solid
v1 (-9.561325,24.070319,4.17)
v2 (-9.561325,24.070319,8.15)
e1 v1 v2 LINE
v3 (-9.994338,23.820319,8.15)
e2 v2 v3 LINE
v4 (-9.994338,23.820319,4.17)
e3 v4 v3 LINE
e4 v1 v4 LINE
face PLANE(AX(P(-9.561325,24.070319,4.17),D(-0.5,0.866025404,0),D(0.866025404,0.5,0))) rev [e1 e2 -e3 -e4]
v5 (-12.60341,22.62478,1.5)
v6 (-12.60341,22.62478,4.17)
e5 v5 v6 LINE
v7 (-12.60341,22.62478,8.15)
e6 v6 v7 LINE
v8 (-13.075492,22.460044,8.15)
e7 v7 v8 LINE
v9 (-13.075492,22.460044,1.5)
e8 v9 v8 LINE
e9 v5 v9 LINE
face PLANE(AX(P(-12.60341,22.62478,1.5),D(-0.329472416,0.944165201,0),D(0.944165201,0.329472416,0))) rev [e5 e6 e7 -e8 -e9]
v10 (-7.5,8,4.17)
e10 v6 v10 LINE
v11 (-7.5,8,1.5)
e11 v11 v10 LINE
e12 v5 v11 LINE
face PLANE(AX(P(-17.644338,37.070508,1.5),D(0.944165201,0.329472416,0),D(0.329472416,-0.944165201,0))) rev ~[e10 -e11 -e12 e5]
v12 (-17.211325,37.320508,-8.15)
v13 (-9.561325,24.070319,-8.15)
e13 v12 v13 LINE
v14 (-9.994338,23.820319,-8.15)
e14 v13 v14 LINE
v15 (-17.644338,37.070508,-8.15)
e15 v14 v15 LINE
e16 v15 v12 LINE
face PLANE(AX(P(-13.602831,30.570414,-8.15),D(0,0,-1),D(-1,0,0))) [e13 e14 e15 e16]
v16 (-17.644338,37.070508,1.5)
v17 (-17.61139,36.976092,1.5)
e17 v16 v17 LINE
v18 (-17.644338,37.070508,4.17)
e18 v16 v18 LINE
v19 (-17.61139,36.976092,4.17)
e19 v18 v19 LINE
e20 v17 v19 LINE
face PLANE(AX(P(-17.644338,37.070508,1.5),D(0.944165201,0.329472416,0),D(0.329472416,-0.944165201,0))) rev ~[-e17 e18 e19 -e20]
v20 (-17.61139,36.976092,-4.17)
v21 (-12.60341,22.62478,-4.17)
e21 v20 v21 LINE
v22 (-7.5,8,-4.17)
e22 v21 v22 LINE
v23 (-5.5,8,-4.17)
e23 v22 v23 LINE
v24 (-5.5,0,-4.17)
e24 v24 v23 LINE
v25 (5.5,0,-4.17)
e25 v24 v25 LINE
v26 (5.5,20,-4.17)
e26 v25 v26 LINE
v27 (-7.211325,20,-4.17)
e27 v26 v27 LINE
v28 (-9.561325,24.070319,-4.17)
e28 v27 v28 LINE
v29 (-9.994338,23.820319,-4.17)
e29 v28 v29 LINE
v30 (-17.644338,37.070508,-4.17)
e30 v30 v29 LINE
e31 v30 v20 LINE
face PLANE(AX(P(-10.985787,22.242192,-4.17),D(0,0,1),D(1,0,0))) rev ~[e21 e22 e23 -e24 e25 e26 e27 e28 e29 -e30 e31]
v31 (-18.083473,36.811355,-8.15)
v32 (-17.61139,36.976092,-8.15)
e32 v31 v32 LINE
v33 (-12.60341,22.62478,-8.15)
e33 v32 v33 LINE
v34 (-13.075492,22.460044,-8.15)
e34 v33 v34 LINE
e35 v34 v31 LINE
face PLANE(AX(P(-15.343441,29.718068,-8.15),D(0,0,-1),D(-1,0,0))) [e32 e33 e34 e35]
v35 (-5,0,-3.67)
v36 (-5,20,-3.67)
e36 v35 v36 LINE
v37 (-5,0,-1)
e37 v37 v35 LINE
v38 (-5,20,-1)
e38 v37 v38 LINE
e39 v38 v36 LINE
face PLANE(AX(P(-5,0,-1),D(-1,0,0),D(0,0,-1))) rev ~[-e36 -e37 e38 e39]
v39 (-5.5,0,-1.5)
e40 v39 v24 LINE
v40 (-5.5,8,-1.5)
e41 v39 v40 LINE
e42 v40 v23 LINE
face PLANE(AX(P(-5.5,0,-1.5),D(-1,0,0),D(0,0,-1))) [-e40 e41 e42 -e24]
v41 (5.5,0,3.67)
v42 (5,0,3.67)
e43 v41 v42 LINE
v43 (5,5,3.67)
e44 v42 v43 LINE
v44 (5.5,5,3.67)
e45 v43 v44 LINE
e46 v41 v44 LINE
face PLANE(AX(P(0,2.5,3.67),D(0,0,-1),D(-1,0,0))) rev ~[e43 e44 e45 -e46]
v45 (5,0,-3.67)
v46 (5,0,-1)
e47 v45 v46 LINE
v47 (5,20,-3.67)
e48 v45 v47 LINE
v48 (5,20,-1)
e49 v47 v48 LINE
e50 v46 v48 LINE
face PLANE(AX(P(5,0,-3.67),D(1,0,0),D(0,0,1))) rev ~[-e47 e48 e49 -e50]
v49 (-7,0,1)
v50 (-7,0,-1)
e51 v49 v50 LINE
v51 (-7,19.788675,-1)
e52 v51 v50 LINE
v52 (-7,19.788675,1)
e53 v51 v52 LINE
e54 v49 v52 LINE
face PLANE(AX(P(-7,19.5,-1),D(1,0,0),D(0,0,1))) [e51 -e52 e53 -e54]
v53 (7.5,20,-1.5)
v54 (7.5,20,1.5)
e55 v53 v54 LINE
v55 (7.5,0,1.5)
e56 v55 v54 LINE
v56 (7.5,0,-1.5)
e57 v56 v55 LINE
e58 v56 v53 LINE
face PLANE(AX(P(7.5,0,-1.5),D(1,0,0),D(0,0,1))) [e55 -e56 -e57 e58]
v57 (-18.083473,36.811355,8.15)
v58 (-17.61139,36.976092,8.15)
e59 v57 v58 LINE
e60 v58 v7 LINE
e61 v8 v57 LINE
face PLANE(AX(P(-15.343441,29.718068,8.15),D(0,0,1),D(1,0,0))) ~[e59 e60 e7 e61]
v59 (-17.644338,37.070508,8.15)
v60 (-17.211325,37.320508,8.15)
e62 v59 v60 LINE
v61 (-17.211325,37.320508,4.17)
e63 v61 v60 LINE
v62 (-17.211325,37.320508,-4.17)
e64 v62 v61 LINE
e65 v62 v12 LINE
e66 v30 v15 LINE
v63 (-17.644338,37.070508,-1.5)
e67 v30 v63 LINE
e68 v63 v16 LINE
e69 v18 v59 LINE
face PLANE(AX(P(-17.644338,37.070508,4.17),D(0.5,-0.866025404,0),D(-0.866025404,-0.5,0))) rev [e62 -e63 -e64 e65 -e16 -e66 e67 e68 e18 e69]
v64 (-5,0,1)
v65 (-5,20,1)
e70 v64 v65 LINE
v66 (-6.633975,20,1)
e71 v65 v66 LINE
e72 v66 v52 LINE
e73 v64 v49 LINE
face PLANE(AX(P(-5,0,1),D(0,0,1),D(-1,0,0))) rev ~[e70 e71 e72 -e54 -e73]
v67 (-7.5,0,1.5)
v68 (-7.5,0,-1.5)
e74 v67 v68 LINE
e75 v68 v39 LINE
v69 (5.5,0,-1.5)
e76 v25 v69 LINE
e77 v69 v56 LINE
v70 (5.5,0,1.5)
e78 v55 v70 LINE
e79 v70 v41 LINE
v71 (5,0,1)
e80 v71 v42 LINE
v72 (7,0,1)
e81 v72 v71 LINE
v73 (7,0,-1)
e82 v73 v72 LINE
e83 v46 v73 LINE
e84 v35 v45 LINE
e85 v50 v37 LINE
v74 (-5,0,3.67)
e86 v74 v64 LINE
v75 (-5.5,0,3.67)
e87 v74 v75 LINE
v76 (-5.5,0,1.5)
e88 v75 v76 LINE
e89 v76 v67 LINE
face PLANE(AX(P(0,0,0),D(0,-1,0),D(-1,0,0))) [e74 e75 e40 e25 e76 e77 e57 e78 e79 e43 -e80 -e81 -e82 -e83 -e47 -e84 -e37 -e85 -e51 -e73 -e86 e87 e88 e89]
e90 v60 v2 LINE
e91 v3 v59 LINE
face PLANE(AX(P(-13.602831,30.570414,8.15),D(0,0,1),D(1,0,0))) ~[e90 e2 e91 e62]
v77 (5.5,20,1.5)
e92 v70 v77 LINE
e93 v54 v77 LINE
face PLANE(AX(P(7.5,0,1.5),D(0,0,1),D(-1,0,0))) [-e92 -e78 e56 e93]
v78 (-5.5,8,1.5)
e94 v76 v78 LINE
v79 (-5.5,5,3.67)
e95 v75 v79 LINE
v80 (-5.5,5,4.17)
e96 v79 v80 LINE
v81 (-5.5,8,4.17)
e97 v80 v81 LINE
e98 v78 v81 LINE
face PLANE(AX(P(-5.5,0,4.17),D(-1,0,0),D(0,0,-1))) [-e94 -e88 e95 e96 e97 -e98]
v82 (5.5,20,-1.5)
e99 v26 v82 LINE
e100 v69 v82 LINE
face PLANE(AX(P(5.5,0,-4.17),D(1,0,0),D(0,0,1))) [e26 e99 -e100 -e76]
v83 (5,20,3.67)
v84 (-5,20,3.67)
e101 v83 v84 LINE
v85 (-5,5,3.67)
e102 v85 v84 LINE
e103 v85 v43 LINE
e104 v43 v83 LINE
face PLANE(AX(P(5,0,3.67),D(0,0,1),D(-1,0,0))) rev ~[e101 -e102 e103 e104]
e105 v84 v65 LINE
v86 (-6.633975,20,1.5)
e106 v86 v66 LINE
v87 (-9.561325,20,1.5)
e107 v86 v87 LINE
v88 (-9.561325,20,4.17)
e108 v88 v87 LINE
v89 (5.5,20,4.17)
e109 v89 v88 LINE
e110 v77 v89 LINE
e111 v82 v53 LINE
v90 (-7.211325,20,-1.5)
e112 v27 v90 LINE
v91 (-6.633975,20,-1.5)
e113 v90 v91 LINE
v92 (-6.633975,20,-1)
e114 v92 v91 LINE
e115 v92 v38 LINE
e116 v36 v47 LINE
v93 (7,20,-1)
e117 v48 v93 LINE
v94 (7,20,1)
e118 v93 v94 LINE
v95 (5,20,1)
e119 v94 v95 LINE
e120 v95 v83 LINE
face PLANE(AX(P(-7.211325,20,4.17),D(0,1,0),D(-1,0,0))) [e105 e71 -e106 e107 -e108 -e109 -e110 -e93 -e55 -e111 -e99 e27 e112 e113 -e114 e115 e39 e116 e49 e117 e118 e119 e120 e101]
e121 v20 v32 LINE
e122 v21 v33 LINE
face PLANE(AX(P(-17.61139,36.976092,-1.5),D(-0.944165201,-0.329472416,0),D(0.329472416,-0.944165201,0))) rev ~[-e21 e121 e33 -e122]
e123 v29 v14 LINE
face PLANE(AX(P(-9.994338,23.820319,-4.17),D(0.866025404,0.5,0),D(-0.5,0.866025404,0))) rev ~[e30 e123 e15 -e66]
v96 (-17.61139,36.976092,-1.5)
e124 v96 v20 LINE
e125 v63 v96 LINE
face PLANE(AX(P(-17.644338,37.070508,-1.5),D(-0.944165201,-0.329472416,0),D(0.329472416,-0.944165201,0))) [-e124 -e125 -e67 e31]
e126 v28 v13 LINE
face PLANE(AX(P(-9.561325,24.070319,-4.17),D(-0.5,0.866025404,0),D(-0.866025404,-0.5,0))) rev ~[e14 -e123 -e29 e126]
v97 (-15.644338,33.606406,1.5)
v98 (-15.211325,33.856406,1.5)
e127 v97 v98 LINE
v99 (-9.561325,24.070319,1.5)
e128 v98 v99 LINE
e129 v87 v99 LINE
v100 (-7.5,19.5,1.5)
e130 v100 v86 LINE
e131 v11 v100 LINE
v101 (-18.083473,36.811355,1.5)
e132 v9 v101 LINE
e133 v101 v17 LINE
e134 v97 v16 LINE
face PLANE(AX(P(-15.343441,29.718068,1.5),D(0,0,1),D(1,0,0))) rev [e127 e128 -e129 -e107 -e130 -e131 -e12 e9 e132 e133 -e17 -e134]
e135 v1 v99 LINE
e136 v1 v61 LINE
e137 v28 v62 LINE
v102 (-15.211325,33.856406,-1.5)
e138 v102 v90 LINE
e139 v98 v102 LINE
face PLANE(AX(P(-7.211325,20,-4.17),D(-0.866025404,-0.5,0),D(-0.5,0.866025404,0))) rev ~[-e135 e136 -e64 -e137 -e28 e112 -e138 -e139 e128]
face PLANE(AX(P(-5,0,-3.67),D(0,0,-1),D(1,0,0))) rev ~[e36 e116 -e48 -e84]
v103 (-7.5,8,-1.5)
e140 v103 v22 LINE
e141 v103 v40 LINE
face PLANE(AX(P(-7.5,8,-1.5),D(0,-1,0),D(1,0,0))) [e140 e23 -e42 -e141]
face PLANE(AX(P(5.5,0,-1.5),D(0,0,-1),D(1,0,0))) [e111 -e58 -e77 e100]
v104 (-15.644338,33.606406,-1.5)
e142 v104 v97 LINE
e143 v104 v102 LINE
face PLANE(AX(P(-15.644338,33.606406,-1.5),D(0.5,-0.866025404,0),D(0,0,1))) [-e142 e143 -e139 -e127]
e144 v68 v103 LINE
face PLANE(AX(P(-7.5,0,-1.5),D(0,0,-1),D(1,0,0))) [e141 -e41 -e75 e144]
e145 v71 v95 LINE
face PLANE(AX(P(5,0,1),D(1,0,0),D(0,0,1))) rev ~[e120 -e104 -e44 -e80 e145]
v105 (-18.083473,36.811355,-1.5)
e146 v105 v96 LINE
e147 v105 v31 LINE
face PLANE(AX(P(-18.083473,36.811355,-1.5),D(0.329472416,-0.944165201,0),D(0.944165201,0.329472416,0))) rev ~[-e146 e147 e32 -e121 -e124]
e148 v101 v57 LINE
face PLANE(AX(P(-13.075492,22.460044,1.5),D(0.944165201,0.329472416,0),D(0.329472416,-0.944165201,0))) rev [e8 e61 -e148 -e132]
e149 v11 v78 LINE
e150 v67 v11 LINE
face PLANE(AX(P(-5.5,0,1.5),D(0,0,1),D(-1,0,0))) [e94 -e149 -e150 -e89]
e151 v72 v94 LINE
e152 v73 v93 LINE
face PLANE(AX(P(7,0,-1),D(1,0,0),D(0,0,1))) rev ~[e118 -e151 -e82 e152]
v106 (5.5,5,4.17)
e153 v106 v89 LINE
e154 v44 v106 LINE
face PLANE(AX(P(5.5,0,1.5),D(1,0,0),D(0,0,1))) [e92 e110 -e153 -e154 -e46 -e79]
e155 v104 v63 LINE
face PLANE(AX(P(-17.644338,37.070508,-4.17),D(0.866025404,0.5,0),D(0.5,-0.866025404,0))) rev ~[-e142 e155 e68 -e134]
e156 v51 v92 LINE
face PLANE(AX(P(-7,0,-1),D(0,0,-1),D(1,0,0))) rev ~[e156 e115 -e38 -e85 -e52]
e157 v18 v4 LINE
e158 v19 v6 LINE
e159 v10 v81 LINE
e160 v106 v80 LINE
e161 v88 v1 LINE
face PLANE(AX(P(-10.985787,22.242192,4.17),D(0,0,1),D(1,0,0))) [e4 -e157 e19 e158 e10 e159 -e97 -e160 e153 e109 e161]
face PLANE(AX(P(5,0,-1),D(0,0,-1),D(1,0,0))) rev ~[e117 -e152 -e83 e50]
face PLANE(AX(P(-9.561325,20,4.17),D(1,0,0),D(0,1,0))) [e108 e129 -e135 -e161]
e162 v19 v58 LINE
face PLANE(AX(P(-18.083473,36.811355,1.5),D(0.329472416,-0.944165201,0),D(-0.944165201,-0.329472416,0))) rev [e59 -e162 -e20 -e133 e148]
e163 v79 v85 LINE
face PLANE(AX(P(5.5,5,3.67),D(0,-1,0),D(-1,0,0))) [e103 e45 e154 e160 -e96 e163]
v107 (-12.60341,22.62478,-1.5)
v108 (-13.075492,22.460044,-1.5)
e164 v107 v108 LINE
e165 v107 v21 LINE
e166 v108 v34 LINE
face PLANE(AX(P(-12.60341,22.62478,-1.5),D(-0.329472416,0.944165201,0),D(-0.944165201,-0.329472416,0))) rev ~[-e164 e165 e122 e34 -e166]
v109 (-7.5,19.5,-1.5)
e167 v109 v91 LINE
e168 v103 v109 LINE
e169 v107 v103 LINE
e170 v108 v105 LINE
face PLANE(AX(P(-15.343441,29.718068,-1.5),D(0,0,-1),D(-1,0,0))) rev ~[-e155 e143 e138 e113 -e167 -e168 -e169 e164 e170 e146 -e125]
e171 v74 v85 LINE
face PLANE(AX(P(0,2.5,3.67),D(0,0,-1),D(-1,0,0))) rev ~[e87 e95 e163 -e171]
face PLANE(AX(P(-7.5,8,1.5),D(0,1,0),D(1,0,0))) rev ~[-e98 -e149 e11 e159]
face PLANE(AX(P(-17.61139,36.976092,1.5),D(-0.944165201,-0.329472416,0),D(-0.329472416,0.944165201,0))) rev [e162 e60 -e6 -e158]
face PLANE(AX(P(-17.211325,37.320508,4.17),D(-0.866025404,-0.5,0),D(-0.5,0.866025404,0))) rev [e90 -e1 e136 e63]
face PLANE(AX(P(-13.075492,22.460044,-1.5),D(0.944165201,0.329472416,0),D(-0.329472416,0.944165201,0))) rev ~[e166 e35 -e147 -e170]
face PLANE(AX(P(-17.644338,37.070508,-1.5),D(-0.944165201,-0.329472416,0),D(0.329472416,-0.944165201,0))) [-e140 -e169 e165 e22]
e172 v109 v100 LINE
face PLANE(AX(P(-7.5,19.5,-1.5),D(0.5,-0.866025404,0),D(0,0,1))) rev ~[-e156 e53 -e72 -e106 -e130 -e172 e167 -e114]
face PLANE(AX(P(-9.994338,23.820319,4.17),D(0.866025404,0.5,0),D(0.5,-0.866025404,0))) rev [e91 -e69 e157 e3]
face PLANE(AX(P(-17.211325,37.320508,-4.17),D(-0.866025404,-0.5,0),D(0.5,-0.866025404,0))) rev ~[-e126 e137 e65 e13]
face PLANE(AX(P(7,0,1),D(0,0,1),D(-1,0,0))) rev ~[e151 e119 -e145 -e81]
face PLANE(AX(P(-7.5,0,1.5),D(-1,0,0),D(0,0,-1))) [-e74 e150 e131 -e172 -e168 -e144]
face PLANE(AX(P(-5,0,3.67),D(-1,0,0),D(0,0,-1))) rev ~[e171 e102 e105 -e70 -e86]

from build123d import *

# Parameters (mm, degrees)
AUFSATZ_LINEAR_AUSTRAGEN1_DEPTH  = 20
SCHNITT_LINEAR_AUSTRAGEN2_REACH  = 2.5
SKIZZE8_W                        = 11
SKIZZE8_H                        = 5
AUFSATZ_LINEAR_AUSTRAGEN3_DEPTH  = 8.34
SCHNITT_LINEAR_AUSTRAGEN3_REACH  = 19.821
SKIZZE12_W                       = 1.5
SKIZZE12_H                       = 2
AUFSATZ_LINEAR_AUSTRAGEN4_DEPTH  = 3.98
AUFSATZ_LINEAR_AUSTRAGEN5_DEPTH  = 2.67
AUFSATZ_LINEAR_AUSTRAGEN6_DEPTH  = 2.67
SCHNITT_LINEAR_AUSTRAGEN4_REACH  = 23.901
SKIZZE17_W                       = 3
SKIZZE17_H                       = 16.288675134
AUFSATZ_LINEAR_AUSTRAGEN15_DEPTH = 6.65
SCHNITT_LINEAR_AUSTRAGEN5_REACH  = 14.32


with BuildPart() as part:
    # Skizze1 → Aufsatz-Linear austragen1 (new body)
    with BuildSketch(Plane(origin=(0, 0, 0), x_dir=(1, 0, 0), z_dir=(0, 1, 0))):
        Polygon((5.5, -4.17), (-5.5, -4.17), (-5.5, -1.5), (-7.5, -1.5), (-7.5, 1.5), (-5.5, 1.5), (-5.5, 4.17), (5.5, 4.17), (5.5, 1.5), (7.5, 1.5), (7.5, -1.5), (5.5, -1.5), align=None)
        Polygon((-5, 1), (-5, 3.67), (5, 3.67), (5, 1), (7, 1), (7, -1), (5, -1), (5, -3.67), (-5, -3.67), (-5, -1), (-7, -1), (-7, 1), align=None, mode=Mode.SUBTRACT)
    extrude(amount=AUFSATZ_LINEAR_AUSTRAGEN1_DEPTH)

    # Skizze8 → Schnitt-Linear austragen2 (cut, up to next)
    with BuildSketch(Plane(origin=(0, 0, 3.67), x_dir=(-1, 0, 0), z_dir=(0, 0, -1)), mode=Mode.PRIVATE) as schnitt_linear_austragen2_sk1:
        with Locations((0, 2.5)):
            Rectangle(SKIZZE8_W, SKIZZE8_H)
    schnitt_linear_austragen2_tool1 = extrude(schnitt_linear_austragen2_sk1.sketch, amount=-SCHNITT_LINEAR_AUSTRAGEN2_REACH, mode=Mode.PRIVATE) & part.part
    add(schnitt_linear_austragen2_tool1.solids().sort_by_distance((0, 2.5, 3.67))[0], mode=Mode.SUBTRACT)

    # Skizze10 → Aufsatz-Linear austragen3 (add)
    with BuildSketch(Plane(origin=(0, 0, -4.17), x_dir=(-1, 0, 0), z_dir=(0, 0, -1))):
        Polygon((5.5, 20), (7.211324865, 20), (17.211324865, 37.320508076), (17.644337567, 37.070508076), (7.5, 19.5), (5.5, 19.5), align=None)
    extrude(amount=-AUFSATZ_LINEAR_AUSTRAGEN3_DEPTH)

    # Skizze12 → Schnitt-Linear austragen3 (cut, up to next)
    with BuildSketch(Plane.XZ.offset(-19.5), mode=Mode.PRIVATE) as schnitt_linear_austragen3_sk1:
        with Locations((-6.25, 0)):
            Rectangle(SKIZZE12_W, SKIZZE12_H)
    schnitt_linear_austragen3_tool1 = extrude(schnitt_linear_austragen3_sk1.sketch, amount=-SCHNITT_LINEAR_AUSTRAGEN3_REACH, mode=Mode.PRIVATE) & part.part
    add(schnitt_linear_austragen3_tool1.solids().sort_by_distance((-6.25, 19.5, 0))[0], mode=Mode.SUBTRACT)

    # Skizze13 → Aufsatz-Linear austragen4 (add)
    with BuildSketch(Plane(origin=(0, 0, -4.17), x_dir=(-1, 0, 0), z_dir=(0, 0, -1))):
        Polygon((17.211324865, 37.320508076), (9.561324865, 24.070319398), (9.994337567, 23.820319398), (17.644337567, 37.070508076), align=None)
    aufsatz_linear_austragen4 = extrude(amount=AUFSATZ_LINEAR_AUSTRAGEN4_DEPTH)

    # Skizze15 → Aufsatz-Linear austragen5 (add)
    with BuildSketch(Plane(origin=(0, 0, -1.5), x_dir=(-1, 0, 0), z_dir=(0, 0, -1))):
        Polygon((5.5, 8), (5.5, 19.5), (7.5, 19.5), (17.644337567, 37.070508076), (7.5, 8), align=None)
    extrude(amount=AUFSATZ_LINEAR_AUSTRAGEN5_DEPTH)

    # Spiegeln1: Aufsatz-Linear austragen4 across plane
    add(aufsatz_linear_austragen4.mirror(Plane.XY))

    # Skizze16 → Aufsatz-Linear austragen6 (add)
    with BuildSketch(Plane.XY.offset(1.5)):
        Polygon((-17.644337567, 37.070508076), (-7.5, 8), (-5.5, 8), (-5.5, 19.5), (-7.5, 19.5), align=None)
    extrude(amount=AUFSATZ_LINEAR_AUSTRAGEN6_DEPTH)

    # Skizze17 → Schnitt-Linear austragen4 (cut, up to next)
    with BuildSketch(Plane(origin=(2.818747687, 1.627404736, 0), x_dir=(0, 0, 1), z_dir=(-0.866025404, -0.5, 0)), mode=Mode.PRIVATE) as schnitt_linear_austragen4_sk1:
        with Locations((0, 28.781832941)):
            Rectangle(SKIZZE17_W, SKIZZE17_H)
    schnitt_linear_austragen4_tool1 = extrude(schnitt_linear_austragen4_sk1.sketch, amount=-SCHNITT_LINEAR_AUSTRAGEN4_REACH, mode=Mode.PRIVATE) & part.part
    add(schnitt_linear_austragen4_tool1.solids().sort_by_distance((-11.572169, 26.553203, 0))[0], mode=Mode.SUBTRACT)

    # Skizze22 → Aufsatz-Linear austragen15 (add)
    with BuildSketch(Plane.XY.offset(-1.5)):
        Polygon((-17.611390326, 36.976091556), (-12.603409607, 22.624780496), (-13.075492208, 22.460044288), (-18.083472926, 36.811355348), align=None)
    aufsatz_linear_austragen15 = extrude(amount=-AUFSATZ_LINEAR_AUSTRAGEN15_DEPTH)

    # Spiegeln2: Aufsatz-Linear austragen15 across plane
    add(aufsatz_linear_austragen15.mirror(Plane.XY))

    # Skizze23 → Schnitt-Linear austragen5 (cut, up to next)
    with BuildSketch(Plane.XY.offset(4.17), mode=Mode.PRIVATE) as schnitt_linear_austragen5_sk1:
        Polygon((-7.211324865, 20), (-9.561324865, 20), (-9.561324865, 24.070319398), align=None)
    schnitt_linear_austragen5_tool1 = extrude(schnitt_linear_austragen5_sk1.sketch, amount=-SCHNITT_LINEAR_AUSTRAGEN5_REACH, mode=Mode.PRIVATE) & part.part
    add(schnitt_linear_austragen5_tool1.solids().sort_by_distance((-8.777992, 21.356773, 4.17))[0], mode=Mode.SUBTRACT)


solid = part.part
